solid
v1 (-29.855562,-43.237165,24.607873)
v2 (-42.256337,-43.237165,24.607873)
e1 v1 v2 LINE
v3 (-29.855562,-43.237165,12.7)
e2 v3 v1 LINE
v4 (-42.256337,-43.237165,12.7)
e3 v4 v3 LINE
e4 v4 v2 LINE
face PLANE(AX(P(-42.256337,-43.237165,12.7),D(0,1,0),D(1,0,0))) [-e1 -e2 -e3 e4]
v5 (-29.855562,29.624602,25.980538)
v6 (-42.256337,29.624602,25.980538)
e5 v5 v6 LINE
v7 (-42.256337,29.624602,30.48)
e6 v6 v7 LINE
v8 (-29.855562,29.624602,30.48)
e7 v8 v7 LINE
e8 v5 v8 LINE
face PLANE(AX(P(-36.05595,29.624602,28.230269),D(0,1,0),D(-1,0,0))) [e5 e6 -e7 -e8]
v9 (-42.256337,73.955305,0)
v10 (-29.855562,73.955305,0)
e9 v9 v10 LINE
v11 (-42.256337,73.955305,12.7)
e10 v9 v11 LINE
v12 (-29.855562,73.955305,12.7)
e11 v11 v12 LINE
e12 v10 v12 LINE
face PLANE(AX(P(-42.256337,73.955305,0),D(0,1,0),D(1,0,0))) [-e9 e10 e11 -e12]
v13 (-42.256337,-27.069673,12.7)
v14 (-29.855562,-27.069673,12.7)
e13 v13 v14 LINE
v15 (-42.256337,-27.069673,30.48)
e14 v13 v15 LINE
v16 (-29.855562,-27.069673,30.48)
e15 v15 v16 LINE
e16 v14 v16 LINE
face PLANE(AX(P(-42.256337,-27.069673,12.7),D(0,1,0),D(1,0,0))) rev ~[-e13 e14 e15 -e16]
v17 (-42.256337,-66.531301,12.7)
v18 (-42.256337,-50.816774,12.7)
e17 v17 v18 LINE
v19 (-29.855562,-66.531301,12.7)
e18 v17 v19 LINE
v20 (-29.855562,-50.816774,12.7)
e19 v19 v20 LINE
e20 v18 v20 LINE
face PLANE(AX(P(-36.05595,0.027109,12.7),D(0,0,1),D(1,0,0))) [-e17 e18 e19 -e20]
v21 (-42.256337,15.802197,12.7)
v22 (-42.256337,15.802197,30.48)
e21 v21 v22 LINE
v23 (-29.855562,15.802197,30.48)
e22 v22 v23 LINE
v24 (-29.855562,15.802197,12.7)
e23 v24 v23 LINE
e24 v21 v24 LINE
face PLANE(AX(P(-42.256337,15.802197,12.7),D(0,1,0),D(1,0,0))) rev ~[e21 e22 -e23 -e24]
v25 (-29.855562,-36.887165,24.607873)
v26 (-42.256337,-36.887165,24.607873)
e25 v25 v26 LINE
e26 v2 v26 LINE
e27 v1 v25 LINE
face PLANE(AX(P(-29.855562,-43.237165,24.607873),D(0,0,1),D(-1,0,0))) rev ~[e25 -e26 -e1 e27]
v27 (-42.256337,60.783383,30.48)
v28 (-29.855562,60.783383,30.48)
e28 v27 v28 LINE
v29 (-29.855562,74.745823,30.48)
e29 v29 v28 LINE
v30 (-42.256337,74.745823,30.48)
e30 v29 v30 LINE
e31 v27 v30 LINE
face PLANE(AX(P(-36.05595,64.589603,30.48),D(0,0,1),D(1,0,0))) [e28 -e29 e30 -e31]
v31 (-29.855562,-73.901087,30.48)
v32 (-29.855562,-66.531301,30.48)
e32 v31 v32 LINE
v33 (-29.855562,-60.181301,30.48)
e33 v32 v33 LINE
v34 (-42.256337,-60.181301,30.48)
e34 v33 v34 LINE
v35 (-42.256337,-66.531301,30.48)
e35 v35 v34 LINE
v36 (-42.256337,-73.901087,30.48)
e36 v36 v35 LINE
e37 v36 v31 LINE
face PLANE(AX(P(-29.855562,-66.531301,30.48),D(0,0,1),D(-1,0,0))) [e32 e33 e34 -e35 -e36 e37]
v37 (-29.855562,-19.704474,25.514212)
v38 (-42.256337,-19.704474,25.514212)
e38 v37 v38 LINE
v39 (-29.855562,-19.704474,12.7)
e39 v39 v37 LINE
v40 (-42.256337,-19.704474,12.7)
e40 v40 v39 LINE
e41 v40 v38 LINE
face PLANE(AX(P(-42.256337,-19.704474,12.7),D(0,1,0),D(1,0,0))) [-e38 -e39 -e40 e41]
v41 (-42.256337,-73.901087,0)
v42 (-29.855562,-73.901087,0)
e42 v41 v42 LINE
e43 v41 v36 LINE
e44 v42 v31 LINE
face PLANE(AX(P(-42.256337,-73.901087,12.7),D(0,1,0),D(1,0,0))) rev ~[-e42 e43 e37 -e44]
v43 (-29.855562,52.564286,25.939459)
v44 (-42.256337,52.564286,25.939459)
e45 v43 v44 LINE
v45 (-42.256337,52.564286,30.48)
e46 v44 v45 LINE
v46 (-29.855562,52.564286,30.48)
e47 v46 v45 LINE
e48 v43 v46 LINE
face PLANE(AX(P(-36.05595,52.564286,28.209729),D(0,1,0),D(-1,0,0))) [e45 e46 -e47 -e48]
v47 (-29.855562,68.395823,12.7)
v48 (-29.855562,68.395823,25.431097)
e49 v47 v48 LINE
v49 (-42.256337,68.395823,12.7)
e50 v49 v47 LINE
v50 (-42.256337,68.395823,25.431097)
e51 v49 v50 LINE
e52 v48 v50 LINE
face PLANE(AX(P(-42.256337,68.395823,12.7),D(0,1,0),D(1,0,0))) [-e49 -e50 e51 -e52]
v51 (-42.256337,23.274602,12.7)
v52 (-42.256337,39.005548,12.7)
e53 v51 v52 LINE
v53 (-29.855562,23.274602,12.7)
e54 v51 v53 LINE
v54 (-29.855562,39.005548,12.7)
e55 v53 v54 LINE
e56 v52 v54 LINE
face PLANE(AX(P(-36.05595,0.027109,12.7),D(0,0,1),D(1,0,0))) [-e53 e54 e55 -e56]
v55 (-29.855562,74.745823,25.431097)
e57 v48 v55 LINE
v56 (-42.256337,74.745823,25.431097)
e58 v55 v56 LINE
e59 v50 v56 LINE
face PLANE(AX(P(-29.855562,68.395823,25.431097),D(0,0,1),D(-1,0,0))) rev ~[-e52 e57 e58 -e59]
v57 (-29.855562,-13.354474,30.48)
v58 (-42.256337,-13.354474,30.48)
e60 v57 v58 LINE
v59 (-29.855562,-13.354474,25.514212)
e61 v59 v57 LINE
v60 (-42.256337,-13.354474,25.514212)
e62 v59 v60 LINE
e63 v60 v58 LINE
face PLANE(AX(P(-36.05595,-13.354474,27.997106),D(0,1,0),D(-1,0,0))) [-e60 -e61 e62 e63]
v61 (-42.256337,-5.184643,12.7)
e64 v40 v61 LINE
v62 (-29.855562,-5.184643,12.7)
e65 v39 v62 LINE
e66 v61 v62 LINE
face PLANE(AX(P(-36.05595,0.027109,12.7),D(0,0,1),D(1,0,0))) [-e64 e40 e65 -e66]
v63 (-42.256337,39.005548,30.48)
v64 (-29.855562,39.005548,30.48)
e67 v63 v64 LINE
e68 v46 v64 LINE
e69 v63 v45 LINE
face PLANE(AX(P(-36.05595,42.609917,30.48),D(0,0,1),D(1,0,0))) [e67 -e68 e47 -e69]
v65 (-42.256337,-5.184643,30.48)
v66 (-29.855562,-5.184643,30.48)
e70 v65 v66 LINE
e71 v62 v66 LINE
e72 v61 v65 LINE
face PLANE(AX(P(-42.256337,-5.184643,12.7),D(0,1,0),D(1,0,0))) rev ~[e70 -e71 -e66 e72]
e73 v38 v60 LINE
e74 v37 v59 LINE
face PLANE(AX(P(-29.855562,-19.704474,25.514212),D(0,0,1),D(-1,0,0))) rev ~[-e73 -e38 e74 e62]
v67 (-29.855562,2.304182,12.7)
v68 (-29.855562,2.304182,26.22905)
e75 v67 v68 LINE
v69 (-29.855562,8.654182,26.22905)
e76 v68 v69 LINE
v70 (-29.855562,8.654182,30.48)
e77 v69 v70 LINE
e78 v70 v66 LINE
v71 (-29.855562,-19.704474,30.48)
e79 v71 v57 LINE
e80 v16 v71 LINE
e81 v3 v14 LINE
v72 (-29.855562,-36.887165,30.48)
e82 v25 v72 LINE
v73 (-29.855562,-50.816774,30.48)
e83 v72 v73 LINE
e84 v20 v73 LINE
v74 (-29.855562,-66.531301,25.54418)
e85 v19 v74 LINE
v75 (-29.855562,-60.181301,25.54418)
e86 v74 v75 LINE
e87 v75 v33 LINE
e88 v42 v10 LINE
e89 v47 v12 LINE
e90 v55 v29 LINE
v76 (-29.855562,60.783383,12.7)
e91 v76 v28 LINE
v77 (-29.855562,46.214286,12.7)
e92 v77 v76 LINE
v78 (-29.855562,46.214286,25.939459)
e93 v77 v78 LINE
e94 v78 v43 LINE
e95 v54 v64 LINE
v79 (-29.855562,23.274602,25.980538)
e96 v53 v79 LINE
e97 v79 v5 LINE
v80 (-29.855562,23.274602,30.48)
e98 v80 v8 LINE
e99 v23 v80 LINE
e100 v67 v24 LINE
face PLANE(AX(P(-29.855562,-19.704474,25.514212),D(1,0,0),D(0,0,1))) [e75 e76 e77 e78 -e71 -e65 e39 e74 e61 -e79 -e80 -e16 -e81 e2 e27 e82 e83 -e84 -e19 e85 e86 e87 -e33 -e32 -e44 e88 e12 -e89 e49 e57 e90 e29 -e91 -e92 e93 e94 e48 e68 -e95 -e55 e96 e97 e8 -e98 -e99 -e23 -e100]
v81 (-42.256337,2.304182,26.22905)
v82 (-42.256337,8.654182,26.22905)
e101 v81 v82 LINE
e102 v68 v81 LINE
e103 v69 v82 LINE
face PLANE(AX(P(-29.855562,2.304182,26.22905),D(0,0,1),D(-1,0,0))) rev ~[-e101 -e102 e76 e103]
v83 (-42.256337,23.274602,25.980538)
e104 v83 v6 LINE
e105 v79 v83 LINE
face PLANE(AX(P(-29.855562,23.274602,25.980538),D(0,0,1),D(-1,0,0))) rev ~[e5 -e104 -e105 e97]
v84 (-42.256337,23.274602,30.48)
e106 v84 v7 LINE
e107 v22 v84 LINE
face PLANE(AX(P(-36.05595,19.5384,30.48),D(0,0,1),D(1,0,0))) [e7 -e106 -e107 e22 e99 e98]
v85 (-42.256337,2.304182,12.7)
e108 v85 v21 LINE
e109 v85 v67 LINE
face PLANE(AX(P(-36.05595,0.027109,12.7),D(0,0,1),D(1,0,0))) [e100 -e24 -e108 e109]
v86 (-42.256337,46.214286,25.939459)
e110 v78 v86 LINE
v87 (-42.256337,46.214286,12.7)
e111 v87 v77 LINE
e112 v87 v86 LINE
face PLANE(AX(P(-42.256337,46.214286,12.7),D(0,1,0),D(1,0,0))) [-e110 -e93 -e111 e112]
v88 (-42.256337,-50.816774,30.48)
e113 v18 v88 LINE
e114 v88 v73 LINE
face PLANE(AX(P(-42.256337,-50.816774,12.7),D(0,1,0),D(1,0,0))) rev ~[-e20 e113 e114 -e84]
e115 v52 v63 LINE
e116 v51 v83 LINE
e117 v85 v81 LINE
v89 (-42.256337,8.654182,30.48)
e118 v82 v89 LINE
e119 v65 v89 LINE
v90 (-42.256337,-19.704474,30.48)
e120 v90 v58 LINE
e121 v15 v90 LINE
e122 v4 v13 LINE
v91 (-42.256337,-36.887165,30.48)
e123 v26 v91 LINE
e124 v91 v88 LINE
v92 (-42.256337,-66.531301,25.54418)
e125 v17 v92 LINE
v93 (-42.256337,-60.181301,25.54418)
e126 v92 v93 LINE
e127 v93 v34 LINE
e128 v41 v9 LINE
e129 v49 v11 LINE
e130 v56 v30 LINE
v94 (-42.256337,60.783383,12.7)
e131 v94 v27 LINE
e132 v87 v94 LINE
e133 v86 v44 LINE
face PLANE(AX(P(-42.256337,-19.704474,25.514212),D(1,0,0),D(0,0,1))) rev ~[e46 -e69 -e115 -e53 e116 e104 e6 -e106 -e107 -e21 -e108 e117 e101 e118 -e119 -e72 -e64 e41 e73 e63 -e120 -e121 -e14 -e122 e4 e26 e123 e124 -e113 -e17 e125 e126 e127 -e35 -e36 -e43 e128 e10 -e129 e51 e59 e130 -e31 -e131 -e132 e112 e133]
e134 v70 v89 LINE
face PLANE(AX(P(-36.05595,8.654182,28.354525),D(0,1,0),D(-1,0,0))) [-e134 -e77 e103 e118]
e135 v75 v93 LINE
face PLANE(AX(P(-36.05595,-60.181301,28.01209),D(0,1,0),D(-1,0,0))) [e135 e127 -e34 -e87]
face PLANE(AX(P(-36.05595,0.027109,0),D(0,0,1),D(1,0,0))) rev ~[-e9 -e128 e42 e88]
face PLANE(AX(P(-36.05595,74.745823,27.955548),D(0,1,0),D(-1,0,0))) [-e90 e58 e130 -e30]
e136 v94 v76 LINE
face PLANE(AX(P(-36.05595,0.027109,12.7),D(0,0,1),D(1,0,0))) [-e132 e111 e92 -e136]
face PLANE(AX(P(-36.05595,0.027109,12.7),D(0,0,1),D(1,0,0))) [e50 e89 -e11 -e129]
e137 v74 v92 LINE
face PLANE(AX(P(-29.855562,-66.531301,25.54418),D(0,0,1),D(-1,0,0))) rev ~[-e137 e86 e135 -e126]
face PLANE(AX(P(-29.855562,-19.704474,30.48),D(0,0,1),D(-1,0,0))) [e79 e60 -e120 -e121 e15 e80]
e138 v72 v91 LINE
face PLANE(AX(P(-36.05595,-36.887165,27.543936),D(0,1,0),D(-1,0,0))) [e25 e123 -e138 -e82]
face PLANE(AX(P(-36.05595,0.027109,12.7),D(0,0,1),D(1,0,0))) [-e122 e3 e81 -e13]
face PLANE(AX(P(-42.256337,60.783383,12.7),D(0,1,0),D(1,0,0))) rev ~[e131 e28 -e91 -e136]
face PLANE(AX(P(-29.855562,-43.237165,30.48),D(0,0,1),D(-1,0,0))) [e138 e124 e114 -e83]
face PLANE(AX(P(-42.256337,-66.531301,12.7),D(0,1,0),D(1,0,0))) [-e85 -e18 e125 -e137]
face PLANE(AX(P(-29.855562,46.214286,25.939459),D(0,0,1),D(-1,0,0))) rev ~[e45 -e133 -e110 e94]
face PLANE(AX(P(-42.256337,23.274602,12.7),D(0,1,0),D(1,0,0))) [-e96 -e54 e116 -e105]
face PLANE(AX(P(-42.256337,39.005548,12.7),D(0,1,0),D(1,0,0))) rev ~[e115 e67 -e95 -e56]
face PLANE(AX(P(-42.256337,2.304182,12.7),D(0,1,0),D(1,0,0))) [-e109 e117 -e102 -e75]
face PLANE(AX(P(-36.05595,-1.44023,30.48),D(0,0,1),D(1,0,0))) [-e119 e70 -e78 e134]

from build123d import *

# Parameters (mm, degrees)
F0_W      = 12.4007742852
F0_H      = 147.8563919663
F1_DEPTH  = 12.7
F2_W      = 12.4007742852
F2_H      = 7.5796097517
F2_H_2    = 7.3651988059
F2_H_3    = 7.48882466
F2_H_4    = 7.4724052101
F2_H_5    = 7.208738476
F2_H_6    = 7.6124407351
F2_H_7    = 7.3697865009
F3_DEPTH  = 17.78
F4_W      = 12.4007742852
F4_H      = 4.9358203965
F5_DEPTH  = 6.35
F6_W      = 12.4007742852
F6_H      = 5.8721274096
F8_W      = 12.4007742852
F8_H      = 4.2509499896
F9_W      = 12.4007742852
F9_H      = 4.4994622427
F10_W     = 12.4007742852
F10_H     = 4.5405410188
F11_W     = 12.4007742852
F11_H     = 5.0489034462
F12_DEPTH = 6.35
F7_W      = 12.4007742852
F7_H      = 4.9657884943
F13_DEPTH = 6.35


with BuildPart() as f1:
    # F0 (on Top) → F1 (new body)
    with BuildSketch(Plane.XY):
        with Locations((-36.0559495166, 0.0271089375)):
            Rectangle(F0_W, F0_H)
    extrude(amount=F1_DEPTH)

    # F2 (on face) → F3 (join)
    with BuildSketch(Plane.XY.offset(12.7)):
        with Locations((-36.0559495166, -47.0269694924)):
            Rectangle(F2_W, F2_H)
        with Locations((-36.0559495166, -23.3870735392)):
            Rectangle(F2_W, F2_H_2)
        with Locations((-36.0559495166, -1.4402301749)):
            Rectangle(F2_W, F2_H_3)
        with Locations((-36.0559495166, 19.5383997634)):
            Rectangle(F2_W, F2_H_4)
        with Locations((-36.0559495166, 42.6099169999)):
            Rectangle(F2_W, F2_H_5)
        with Locations((-36.0559495166, 64.5896028727)):
            Rectangle(F2_W, F2_H_6)
        with Locations((-36.0559495166, -70.2161937952)):
            Rectangle(F2_W, F2_H_7)
    extrude(amount=F3_DEPTH)

    # F4 (on face) → F5 (join)
    with BuildSketch(Plane(origin=(0, -66.5313005447, 0), x_dir=(-1, 0, 0), z_dir=(0, 1, 0))):
        with Locations((36.0559495166, 28.0120898017)):
            Rectangle(F4_W, F4_H)
    extrude(amount=F5_DEPTH)

    # F6 (on face) + F8 (on face) + F9 (on face) + F10 (on face) + F11 (on face) → F12 (join)
    with BuildSketch(Plane(origin=(0, -43.2371646166, 0), x_dir=(-1, 0, 0), z_dir=(0, 1, 0))):
        with Locations((36.0559495166, 27.5439362952)):
            Rectangle(F6_W, F6_H)
    with BuildSketch(Plane(origin=(0, 2.3041821551, 0), x_dir=(-1, 0, 0), z_dir=(0, 1, 0))):
        with Locations((36.0559495166, 28.3545250052)):
            Rectangle(F8_W, F8_H)
    with BuildSketch(Plane(origin=(0, 23.2746023685, 0), x_dir=(-1, 0, 0), z_dir=(0, 1, 0))):
        with Locations((36.0559495166, 28.2302688786)):
            Rectangle(F9_W, F9_H)
    with BuildSketch(Plane(origin=(0, 46.214286238, 0), x_dir=(-1, 0, 0), z_dir=(0, 1, 0))):
        with Locations((36.0559495166, 28.2097294906)):
            Rectangle(F10_W, F10_H)
    with BuildSketch(Plane(origin=(0, 68.3958232403, 0), x_dir=(-1, 0, 0), z_dir=(0, 1, 0))):
        with Locations((36.0559495166, 27.9555482769)):
            Rectangle(F11_W, F11_H)
    extrude(amount=F12_DEPTH)

    # F7 (on face) → F13 (join)
    with BuildSketch(Plane(origin=(0, -19.7044741362, 0), x_dir=(-1, 0, 0), z_dir=(0, 1, 0))):
        with Locations((36.0559495166, 27.9971057528)):
            Rectangle(F7_W, F7_H)
    extrude(amount=F13_DEPTH)


solid = f1.part
